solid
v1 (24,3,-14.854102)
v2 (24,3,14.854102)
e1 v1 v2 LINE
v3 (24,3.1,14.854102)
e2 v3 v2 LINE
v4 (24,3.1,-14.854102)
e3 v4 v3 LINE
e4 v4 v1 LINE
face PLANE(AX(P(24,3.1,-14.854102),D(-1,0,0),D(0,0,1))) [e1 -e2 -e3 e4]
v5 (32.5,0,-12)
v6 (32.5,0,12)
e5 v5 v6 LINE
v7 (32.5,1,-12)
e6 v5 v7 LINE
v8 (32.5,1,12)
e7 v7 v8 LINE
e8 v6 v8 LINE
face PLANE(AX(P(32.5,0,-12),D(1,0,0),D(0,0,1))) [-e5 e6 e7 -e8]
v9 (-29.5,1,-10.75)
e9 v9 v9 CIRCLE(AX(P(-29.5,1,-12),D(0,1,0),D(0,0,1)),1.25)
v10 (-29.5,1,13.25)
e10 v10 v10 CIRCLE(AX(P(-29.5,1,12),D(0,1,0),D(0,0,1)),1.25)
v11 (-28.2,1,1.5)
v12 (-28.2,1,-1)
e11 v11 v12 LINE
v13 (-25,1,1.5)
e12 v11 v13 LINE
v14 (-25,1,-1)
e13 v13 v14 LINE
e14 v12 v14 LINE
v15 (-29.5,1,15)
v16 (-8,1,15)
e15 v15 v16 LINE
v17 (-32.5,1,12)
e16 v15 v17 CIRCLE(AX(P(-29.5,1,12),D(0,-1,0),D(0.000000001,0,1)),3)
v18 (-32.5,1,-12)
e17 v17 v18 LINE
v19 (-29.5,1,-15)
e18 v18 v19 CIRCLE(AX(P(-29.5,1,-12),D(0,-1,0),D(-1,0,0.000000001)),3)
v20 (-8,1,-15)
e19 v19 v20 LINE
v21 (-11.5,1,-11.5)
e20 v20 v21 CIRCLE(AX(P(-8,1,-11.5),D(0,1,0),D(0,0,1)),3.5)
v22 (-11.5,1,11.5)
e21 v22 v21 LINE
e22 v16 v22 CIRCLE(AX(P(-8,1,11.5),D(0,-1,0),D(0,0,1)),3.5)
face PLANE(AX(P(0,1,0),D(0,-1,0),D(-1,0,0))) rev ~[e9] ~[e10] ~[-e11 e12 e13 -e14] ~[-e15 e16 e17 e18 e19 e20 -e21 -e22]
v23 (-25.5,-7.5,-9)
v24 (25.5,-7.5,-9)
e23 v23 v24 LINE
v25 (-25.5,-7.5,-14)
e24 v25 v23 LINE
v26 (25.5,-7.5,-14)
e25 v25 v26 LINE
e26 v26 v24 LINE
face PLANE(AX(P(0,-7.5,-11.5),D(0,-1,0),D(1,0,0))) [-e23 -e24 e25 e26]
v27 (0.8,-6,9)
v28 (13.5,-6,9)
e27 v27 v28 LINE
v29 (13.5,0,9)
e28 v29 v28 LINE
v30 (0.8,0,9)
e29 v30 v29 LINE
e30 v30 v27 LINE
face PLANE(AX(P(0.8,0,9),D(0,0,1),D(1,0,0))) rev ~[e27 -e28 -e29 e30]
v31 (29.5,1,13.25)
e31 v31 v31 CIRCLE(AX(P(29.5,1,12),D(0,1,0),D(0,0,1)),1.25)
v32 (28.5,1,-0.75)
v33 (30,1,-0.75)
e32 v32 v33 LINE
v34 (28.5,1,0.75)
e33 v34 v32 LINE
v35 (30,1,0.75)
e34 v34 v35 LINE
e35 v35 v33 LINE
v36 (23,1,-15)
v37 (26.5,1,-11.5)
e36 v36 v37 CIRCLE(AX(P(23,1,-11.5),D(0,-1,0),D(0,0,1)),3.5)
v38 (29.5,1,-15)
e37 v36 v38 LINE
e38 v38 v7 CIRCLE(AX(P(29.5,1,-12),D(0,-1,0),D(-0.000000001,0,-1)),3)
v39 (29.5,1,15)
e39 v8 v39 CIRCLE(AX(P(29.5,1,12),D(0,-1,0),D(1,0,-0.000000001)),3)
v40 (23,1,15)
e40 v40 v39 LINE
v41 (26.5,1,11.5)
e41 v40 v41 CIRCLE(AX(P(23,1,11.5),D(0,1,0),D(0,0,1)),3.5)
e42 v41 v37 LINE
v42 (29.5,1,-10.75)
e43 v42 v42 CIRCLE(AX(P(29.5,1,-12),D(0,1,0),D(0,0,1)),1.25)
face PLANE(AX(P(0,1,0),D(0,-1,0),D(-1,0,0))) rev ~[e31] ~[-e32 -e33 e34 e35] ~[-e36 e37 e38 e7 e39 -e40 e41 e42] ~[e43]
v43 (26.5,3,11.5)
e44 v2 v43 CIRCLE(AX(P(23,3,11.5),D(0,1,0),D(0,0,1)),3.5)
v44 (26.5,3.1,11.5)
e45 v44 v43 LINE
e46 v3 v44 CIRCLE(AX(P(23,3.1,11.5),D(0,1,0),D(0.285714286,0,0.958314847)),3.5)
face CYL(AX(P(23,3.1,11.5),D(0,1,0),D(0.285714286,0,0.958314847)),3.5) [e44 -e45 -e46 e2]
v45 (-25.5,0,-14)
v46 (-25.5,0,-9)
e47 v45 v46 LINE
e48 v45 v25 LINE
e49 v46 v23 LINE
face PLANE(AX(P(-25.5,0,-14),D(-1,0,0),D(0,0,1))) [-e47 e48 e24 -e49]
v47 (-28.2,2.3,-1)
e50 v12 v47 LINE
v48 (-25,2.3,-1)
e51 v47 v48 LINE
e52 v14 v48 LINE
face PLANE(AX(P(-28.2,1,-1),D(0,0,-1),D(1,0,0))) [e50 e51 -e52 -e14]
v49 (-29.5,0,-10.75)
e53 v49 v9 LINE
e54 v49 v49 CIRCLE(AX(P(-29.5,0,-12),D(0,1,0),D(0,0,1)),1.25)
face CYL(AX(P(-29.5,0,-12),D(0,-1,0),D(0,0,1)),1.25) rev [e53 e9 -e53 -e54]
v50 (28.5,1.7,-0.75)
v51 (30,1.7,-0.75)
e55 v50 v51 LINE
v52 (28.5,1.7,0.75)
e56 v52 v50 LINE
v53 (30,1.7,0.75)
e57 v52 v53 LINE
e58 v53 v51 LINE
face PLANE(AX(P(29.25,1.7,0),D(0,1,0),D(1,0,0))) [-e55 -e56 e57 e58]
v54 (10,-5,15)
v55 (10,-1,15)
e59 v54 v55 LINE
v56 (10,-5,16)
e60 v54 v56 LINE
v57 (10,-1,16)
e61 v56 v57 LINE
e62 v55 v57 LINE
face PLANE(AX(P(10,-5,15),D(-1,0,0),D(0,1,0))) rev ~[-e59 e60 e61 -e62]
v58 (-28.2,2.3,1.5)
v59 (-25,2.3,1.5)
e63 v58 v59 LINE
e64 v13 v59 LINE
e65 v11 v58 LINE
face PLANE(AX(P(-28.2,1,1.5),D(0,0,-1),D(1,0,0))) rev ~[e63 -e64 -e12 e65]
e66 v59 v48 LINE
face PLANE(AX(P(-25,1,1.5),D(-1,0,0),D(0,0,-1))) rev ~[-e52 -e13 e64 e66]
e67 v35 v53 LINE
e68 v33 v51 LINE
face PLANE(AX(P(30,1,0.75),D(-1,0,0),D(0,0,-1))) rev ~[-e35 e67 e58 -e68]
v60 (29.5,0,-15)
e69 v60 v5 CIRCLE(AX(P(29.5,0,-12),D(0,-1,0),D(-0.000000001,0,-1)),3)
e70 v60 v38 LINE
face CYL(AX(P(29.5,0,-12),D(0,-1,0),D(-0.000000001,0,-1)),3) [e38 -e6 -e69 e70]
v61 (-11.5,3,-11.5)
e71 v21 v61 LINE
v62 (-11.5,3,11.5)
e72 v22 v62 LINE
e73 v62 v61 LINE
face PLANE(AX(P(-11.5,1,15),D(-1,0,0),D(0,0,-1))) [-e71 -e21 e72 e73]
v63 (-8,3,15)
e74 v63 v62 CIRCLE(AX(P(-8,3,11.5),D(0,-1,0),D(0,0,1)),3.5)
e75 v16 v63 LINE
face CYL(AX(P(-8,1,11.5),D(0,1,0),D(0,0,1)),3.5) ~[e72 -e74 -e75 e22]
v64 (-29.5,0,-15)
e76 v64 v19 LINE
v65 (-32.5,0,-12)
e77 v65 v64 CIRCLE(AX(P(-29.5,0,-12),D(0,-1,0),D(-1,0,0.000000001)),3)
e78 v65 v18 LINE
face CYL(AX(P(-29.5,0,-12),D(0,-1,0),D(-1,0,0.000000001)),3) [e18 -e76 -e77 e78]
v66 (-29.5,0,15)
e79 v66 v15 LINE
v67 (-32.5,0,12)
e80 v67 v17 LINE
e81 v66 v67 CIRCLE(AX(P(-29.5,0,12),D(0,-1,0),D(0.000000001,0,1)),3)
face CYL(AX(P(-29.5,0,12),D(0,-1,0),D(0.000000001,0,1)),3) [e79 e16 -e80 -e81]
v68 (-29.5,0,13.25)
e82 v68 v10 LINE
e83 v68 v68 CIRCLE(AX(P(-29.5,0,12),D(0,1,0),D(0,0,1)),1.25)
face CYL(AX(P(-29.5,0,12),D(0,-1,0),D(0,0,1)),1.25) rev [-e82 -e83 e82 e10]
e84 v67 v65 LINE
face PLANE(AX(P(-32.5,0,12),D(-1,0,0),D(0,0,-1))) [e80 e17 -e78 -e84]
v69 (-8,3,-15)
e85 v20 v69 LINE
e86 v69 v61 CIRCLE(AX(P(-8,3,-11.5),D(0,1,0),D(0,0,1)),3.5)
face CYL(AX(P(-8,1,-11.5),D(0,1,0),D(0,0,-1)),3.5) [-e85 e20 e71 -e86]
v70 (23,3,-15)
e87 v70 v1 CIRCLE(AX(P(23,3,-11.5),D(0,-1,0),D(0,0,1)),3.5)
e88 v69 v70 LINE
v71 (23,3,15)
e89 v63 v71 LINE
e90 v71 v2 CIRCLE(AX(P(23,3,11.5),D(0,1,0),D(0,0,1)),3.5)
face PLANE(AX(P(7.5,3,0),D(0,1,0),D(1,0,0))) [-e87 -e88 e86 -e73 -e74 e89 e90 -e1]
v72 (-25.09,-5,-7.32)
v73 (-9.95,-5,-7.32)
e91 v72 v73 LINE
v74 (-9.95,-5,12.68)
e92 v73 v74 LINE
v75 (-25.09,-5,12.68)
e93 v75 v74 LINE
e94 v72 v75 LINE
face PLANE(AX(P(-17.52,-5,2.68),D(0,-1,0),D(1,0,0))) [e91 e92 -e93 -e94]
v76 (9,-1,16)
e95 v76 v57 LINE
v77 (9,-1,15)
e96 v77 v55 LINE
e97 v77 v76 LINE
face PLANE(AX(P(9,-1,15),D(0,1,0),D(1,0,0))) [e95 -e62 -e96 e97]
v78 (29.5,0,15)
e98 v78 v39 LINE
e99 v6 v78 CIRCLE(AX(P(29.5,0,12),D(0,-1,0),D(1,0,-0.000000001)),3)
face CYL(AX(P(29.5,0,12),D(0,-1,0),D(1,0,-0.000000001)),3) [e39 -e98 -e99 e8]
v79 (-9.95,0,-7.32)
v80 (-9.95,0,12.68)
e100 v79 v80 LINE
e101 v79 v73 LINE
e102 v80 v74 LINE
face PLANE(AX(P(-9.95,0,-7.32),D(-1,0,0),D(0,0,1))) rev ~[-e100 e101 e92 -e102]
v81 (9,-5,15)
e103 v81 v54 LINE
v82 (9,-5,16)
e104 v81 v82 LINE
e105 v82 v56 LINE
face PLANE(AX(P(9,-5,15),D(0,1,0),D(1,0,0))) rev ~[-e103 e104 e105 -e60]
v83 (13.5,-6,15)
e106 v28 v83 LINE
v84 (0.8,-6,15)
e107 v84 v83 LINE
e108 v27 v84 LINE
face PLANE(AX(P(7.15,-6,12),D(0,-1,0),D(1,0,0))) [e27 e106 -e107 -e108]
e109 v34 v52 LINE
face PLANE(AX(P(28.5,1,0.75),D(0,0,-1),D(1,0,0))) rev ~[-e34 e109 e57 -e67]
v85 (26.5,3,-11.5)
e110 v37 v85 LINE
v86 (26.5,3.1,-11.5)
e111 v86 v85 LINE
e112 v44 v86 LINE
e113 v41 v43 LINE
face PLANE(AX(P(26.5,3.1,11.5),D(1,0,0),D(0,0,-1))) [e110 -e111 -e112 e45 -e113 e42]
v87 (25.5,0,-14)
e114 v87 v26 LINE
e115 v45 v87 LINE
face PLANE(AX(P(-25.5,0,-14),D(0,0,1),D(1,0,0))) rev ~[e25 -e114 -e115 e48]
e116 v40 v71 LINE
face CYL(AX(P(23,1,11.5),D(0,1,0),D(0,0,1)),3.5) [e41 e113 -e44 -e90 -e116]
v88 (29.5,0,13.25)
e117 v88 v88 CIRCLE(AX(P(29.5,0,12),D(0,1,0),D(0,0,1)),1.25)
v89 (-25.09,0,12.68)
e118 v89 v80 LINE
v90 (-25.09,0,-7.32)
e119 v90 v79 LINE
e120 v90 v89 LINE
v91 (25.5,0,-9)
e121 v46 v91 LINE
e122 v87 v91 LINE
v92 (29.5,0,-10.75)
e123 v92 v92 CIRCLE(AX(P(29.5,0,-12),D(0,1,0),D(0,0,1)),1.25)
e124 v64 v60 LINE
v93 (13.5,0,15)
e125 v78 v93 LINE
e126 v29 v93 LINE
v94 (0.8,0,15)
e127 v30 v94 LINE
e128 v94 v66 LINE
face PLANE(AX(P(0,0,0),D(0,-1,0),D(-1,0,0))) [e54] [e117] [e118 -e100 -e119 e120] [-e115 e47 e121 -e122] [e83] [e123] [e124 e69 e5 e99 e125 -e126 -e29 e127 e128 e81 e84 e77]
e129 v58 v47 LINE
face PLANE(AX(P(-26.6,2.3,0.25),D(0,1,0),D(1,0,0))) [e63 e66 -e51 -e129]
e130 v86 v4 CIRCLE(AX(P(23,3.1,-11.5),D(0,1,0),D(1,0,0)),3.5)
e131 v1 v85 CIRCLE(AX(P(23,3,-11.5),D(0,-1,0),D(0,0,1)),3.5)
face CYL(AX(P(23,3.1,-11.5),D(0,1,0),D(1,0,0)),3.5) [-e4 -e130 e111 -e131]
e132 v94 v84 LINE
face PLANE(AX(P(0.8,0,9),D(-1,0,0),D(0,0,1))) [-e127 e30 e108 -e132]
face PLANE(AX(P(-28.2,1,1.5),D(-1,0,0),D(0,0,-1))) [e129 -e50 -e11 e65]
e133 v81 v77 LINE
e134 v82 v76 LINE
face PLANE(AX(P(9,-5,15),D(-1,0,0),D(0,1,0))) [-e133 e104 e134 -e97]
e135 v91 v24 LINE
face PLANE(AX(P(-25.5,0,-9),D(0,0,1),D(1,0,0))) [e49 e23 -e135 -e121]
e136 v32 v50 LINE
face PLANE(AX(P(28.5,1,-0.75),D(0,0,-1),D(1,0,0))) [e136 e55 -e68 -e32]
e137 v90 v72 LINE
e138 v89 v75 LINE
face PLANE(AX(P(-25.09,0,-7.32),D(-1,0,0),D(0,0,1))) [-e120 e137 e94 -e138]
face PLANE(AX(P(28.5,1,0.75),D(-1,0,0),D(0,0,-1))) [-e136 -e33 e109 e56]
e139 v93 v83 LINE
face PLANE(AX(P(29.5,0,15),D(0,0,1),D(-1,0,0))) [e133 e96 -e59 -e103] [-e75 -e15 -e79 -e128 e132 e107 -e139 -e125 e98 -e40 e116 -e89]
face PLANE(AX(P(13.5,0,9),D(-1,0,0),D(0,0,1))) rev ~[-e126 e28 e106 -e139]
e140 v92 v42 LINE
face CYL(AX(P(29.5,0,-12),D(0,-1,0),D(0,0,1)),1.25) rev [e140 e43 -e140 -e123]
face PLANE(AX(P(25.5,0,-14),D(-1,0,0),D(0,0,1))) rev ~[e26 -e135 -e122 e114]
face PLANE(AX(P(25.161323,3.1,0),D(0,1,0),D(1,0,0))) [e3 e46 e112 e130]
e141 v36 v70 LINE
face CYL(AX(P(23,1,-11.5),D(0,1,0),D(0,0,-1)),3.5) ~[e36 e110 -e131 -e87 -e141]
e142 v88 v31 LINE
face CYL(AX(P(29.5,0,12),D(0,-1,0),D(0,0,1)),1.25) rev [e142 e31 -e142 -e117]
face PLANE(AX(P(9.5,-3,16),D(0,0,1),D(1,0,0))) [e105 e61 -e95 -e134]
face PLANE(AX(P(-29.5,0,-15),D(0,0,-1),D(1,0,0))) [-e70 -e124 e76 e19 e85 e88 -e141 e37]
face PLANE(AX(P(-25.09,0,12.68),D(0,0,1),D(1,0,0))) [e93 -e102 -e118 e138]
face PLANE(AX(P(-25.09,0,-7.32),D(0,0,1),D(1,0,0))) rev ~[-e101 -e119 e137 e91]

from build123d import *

# Parameters (mm, degrees)
SKETCH_1_R       = 1.25
BOARD_DEPTH      = 1
SKETCH_2_W       = 38
SKETCH_2_H       = 30
SCREEN_DEPTH     = 2
SCREEN_RADIUS_R  = 3.5
SKETCH_3_W       = 51
SKETCH_3_H       = 5
PLUG_DEPTH       = 7.5
SKETCH_4_W       = 15.14
SKETCH_4_H       = 20
SPEAKER_DEPTH    = 5
SKETCH_5_W       = 12.7
SKETCH_5_H       = 6
BUTTON_DEPTH     = 6
SKETCH_6_W       = 1
SKETCH_6_H       = 4
BUTTON_TAP_DEPTH = 1
SKETCH_7_W       = 1.5
SKETCH_7_H       = 1.5
RGB_LED_DEPTH    = 0.7
SKETCH_8_W       = 3.2
SKETCH_8_H       = 2.5
MIC_DEPTH        = 1.3
EXTRUDE_START    = 0.1
EXTRUDE_1_DEPTH  = 0.1


with BuildPart() as part:
    # 草图1 → board (new body)
    with BuildSketch(Plane(origin=(0, 0, 0), x_dir=(1, 0, 0), z_dir=(0, 1, 0))):
        with BuildLine():
            Line((-29.5, 15), (29.5, 15))
            ThreePointArc((29.5, 15), (31.621320344, 14.121320344), (32.5, 12))
            Line((32.5, 12), (32.5, -12))
            ThreePointArc((32.5, -12), (31.621320344, -14.121320344), (29.5, -15))
            Line((29.5, -15), (-29.5, -15))
            ThreePointArc((-29.5, -15), (-31.621320344, -14.121320344), (-32.5, -12))
            Line((-32.5, -12), (-32.5, 12))
            ThreePointArc((-32.5, 12), (-31.621320344, 14.121320344), (-29.5, 15))
        make_face()
        with Locations(Location((-29.5, 12, 0), (0, 0, 270))):
            Circle(SKETCH_1_R, mode=Mode.SUBTRACT)
        with Locations(Location((29.5, 12, 0), (0, 0, 270))):
            Circle(SKETCH_1_R, mode=Mode.SUBTRACT)
        with Locations(Location((-29.5, -12, 0), (0, 0, 270))):
            Circle(SKETCH_1_R, mode=Mode.SUBTRACT)
        with Locations(Location((29.5, -12, 0), (0, 0, 270))):
            Circle(SKETCH_1_R, mode=Mode.SUBTRACT)
    extrude(amount=BOARD_DEPTH)

    # 草图2 → screen (add)
    with BuildSketch(Plane(origin=(0, 1, 0), x_dir=(1, 0, 0), z_dir=(0, 1, 0))):
        with Locations((7.5, 0)):
            Rectangle(SKETCH_2_W, SKETCH_2_H)
    extrude(amount=SCREEN_DEPTH)

    # screen-radius
    screen_radius_edges = [part.edges().sort_by_distance(p)[0] for p in [
        (-11.5, 2, -15),
        (-11.5, 2, 15),
        (26.5, 2, 15),
        (26.5, 2, -15),
    ]]
    fillet(screen_radius_edges, radius=SCREEN_RADIUS_R)

    # 草图3 → plug (add)
    with BuildSketch(Plane.XZ):
        with Locations((0, -11.5)):
            Rectangle(SKETCH_3_W, SKETCH_3_H)
    extrude(amount=PLUG_DEPTH)

    # 草图4 → speaker (add)
    with BuildSketch(Plane.XZ):
        with Locations((-17.52, 2.68)):
            Rectangle(SKETCH_4_W, SKETCH_4_H)
    extrude(amount=SPEAKER_DEPTH)

    # 草图5 → button (add)
    with BuildSketch(Plane.XZ):
        with Locations((7.15, 12)):
            Rectangle(SKETCH_5_W, SKETCH_5_H)
    extrude(amount=BUTTON_DEPTH)

    # 草图6 → button-tap (add)
    with BuildSketch(Plane.XY.offset(15)):
        with Locations((9.5, -3)):
            Rectangle(SKETCH_6_W, SKETCH_6_H)
    extrude(amount=BUTTON_TAP_DEPTH)

    # 草图7 → rgb-led (add)
    with BuildSketch(Plane(origin=(0, 1, 0), x_dir=(1, 0, 0), z_dir=(0, 1, 0))):
        with Locations((29.25, 0)):
            Rectangle(SKETCH_7_W, SKETCH_7_H)
    extrude(amount=RGB_LED_DEPTH)

    # 草图8 → mic (add)
    with BuildSketch(Plane(origin=(0, 1, 0), x_dir=(1, 0, 0), z_dir=(0, 1, 0))):
        with Locations((-26.6, -0.25)):
            Rectangle(SKETCH_8_W, SKETCH_8_H)
    extrude(amount=MIC_DEPTH)

    # 草图9 → 凸台-拉伸1 (add)
    with BuildSketch(Plane(origin=(0, 3, 0), x_dir=(1, 0, 0), z_dir=(0, 1, 0)).offset(EXTRUDE_START)):
        with BuildLine():
            Line((26.5, -11.5), (26.5, 11.5))
            ThreePointArc((26.5, 11.5), (25.80624304, 13.591650066), (24, 14.854101966))
            Line((24, 14.854101966), (24, -14.854101966))
            ThreePointArc((24, -14.854101966), (25.80624304, -13.591650066), (26.5, -11.5))
        make_face()
    extrude(amount=-EXTRUDE_1_DEPTH)


solid = part.part
